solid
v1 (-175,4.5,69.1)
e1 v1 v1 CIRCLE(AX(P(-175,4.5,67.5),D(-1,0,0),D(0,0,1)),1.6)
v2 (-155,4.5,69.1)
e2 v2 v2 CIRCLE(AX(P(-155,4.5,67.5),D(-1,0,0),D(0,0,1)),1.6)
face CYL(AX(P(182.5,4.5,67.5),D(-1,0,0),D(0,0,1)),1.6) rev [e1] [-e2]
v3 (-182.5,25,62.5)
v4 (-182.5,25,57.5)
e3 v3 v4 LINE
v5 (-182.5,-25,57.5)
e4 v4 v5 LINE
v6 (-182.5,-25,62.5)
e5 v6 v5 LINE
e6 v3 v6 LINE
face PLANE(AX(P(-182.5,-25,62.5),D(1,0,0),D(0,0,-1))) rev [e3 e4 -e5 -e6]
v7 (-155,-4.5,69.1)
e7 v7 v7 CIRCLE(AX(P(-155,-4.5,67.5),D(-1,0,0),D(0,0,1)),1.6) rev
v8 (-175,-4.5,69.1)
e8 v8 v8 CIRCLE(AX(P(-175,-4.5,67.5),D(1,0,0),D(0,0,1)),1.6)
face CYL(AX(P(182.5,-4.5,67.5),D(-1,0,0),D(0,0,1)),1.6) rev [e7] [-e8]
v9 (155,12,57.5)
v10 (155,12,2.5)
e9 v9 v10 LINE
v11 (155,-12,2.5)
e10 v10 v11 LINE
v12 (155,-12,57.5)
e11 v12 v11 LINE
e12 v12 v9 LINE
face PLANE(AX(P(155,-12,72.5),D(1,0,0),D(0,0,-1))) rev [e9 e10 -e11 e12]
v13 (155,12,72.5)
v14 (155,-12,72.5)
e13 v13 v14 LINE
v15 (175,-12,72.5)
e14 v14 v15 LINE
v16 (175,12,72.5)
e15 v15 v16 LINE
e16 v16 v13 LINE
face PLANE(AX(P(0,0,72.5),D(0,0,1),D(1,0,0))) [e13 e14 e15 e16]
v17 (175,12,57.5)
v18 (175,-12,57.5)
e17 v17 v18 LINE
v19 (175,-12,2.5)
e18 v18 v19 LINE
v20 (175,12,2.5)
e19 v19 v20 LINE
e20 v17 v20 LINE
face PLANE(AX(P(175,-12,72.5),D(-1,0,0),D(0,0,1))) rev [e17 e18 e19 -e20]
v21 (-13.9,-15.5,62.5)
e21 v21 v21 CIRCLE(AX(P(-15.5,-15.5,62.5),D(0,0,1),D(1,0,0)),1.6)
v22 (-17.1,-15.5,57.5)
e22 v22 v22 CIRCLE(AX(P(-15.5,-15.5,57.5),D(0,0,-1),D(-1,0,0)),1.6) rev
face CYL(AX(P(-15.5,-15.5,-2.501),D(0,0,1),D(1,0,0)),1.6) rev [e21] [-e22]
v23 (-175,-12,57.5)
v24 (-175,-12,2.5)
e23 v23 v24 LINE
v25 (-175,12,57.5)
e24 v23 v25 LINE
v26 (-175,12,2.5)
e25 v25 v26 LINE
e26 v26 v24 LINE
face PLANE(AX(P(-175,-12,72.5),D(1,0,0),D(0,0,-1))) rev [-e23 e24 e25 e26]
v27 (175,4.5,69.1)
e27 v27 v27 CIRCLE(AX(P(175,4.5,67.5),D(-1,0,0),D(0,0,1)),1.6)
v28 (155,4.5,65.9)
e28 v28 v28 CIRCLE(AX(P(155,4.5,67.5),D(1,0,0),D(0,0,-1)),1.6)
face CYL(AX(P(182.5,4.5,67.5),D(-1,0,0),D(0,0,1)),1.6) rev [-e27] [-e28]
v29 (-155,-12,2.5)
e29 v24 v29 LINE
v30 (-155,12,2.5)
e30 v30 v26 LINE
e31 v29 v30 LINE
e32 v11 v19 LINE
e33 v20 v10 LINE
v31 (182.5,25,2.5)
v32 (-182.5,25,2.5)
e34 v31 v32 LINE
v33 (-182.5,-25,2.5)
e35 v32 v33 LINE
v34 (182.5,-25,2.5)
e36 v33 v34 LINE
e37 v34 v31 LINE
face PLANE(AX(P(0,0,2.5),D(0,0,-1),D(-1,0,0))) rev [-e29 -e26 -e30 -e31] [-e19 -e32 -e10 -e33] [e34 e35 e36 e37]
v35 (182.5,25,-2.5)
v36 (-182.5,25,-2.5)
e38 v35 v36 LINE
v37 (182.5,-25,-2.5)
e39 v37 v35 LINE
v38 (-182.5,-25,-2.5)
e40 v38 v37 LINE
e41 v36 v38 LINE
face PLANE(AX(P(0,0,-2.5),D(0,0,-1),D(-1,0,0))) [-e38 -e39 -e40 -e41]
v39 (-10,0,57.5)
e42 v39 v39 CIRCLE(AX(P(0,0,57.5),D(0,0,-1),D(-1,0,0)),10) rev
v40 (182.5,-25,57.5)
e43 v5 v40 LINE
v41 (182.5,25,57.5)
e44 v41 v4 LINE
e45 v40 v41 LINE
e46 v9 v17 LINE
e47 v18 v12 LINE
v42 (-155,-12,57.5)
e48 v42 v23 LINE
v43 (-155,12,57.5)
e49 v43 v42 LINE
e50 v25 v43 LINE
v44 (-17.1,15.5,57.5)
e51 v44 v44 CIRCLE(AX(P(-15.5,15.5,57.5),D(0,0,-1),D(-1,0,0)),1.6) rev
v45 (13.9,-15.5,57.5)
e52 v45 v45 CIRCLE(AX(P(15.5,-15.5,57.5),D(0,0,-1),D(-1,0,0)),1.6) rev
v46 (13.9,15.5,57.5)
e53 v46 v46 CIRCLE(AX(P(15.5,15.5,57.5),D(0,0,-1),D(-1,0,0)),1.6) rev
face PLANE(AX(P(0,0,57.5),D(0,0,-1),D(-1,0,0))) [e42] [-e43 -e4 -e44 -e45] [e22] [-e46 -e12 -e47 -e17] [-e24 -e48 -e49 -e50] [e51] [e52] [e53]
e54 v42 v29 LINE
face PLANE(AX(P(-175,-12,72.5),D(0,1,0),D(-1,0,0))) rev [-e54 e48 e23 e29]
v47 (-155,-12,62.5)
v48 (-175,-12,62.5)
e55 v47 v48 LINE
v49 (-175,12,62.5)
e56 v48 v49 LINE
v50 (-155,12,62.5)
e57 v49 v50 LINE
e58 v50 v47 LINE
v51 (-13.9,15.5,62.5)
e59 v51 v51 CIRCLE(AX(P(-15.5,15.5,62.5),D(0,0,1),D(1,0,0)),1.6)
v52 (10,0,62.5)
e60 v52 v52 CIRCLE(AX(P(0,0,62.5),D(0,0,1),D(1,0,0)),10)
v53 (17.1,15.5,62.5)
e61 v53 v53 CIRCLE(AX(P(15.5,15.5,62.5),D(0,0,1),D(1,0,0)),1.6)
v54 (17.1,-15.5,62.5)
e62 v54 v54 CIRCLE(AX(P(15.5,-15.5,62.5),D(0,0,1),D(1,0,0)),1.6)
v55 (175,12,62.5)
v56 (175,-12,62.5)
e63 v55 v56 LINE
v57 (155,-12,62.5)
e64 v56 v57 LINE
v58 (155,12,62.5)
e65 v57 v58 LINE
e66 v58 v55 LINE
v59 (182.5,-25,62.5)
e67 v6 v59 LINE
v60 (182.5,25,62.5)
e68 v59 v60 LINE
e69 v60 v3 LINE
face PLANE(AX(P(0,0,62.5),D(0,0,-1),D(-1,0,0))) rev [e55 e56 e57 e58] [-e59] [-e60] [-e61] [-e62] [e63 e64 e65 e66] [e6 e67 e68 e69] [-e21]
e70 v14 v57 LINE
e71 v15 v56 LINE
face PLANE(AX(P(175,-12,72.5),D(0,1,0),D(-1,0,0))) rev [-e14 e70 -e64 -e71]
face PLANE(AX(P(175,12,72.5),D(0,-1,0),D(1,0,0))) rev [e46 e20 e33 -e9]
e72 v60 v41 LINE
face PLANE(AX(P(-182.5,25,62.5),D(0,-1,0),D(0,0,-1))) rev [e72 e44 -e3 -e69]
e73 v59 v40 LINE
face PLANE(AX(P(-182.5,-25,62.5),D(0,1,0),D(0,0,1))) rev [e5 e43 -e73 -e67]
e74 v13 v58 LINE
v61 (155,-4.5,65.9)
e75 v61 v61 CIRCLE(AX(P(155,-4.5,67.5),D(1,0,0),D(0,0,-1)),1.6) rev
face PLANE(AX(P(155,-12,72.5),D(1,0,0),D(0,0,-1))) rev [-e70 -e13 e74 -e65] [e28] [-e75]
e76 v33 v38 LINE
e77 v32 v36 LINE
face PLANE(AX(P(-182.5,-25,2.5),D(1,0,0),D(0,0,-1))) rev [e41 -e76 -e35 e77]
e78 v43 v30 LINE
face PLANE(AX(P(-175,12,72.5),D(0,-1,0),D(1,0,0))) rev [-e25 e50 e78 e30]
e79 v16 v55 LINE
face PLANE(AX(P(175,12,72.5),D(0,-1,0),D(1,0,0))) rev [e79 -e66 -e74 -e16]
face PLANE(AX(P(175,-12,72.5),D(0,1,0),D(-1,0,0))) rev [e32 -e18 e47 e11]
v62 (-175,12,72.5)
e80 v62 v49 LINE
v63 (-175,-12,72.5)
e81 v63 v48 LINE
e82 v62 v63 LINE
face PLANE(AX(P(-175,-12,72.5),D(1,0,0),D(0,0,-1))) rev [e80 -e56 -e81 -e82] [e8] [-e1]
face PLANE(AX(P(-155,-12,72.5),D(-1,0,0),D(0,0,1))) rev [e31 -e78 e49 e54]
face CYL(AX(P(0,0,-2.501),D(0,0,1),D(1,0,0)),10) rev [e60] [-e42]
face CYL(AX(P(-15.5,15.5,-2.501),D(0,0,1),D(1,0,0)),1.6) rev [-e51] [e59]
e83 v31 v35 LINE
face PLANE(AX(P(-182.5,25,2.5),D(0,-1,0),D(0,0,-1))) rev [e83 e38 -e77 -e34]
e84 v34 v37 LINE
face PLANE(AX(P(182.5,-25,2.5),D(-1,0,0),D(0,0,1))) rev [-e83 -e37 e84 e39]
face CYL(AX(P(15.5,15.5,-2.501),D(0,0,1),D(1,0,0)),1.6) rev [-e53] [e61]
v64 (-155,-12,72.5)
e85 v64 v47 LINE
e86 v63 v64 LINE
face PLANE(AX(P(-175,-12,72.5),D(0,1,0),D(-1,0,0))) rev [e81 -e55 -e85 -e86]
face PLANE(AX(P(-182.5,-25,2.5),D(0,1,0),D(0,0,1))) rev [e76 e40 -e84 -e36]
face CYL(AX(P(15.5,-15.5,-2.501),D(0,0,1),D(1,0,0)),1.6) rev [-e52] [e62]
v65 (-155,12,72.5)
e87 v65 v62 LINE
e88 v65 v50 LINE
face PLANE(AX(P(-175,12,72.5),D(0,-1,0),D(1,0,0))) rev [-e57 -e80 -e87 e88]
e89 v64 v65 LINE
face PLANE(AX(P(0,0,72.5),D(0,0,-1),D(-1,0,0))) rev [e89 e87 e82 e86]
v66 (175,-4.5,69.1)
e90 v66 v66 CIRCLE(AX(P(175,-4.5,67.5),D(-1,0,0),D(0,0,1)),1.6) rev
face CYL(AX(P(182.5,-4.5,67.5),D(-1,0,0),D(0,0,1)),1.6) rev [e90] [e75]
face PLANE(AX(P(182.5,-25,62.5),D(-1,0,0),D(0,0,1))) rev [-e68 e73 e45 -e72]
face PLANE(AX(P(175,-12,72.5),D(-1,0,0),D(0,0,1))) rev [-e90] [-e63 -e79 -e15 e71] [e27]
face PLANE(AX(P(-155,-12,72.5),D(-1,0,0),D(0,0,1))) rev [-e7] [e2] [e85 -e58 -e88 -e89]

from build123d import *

# Parameters (mm, degrees)
SKETCH_1_W             = 365
SKETCH_1_H             = 50
EXTRUDE_1_DEPTH        = 2.5
SKETCH_2_W             = 20
SKETCH_2_H             = 24
EXTRUDE_2_DEPTH        = 70
PATTERN_LINEAR_1_COUNT = 2
PATTERN_LINEAR_1_PITCH = 60
SKETCH_4_R             = 1.6
CUT_EXTRUDE_1_DEPTH    = 366.633012733
CUT_EXTRUDE_2_REACH    = 197.336
SKETCH_5_R             = 1.6
SKETCH_5_R_2           = 10


with BuildPart() as part:
    # 草图1 → 凸台-拉伸1 (new, symmetric)
    with BuildSketch(Plane.XY):
        Rectangle(SKETCH_1_W, SKETCH_1_H)
    extrude_1 = extrude(amount=EXTRUDE_1_DEPTH, both=True)

    # 草图2 → 凸台-拉伸2 (add)
    with BuildSketch(Plane.XY.offset(2.5)):
        with Locations((165, 0)):
            Rectangle(SKETCH_2_W, SKETCH_2_H)
        with Locations((-165, 0)):
            Rectangle(SKETCH_2_W, SKETCH_2_H)
    extrude(amount=EXTRUDE_2_DEPTH)

    # 阵列(线性)1: 凸台-拉伸1 ×2
    with Locations(*[(0, 0, i * PATTERN_LINEAR_1_PITCH) for i in range(1, PATTERN_LINEAR_1_COUNT)]):
        add(extrude_1)

    # 草图4 → 切除-拉伸1 (cut, through all)
    with BuildSketch(Plane.ZY.offset(175)):
        with Locations((67.5, 4.5)):
            Circle(SKETCH_4_R)
    cut_extrude_1 = extrude(amount=-CUT_EXTRUDE_1_DEPTH, mode=Mode.SUBTRACT)

    # 草图5 → 切除-拉伸2 (cut, up to next)
    with BuildSketch(Plane.XY.offset(62.5), mode=Mode.PRIVATE) as cut_extrude_2_sk1:
        with Locations((-15.5, 15.5)):
            Circle(SKETCH_5_R)
    cut_extrude_2_tool1 = extrude(cut_extrude_2_sk1.sketch, amount=-CUT_EXTRUDE_2_REACH, mode=Mode.PRIVATE) & part.part
    # 草图5 → 切除-拉伸2 (cut, up to next)
    with BuildSketch(Plane.XY.offset(62.5), mode=Mode.PRIVATE) as cut_extrude_2_sk2:
        with Locations((15.5, 15.5)):
            Circle(SKETCH_5_R)
    cut_extrude_2_tool2 = extrude(cut_extrude_2_sk2.sketch, amount=-CUT_EXTRUDE_2_REACH, mode=Mode.PRIVATE) & part.part
    # 草图5 → 切除-拉伸2 (cut, up to next)
    with BuildSketch(Plane.XY.offset(62.5), mode=Mode.PRIVATE) as cut_extrude_2_sk3:
        with Locations((15.5, -15.5)):
            Circle(SKETCH_5_R)
    cut_extrude_2_tool3 = extrude(cut_extrude_2_sk3.sketch, amount=-CUT_EXTRUDE_2_REACH, mode=Mode.PRIVATE) & part.part
    # 草图5 → 切除-拉伸2 (cut, up to next)
    with BuildSketch(Plane.XY.offset(62.5), mode=Mode.PRIVATE) as cut_extrude_2_sk4:
        with Locations((-15.5, -15.5)):
            Circle(SKETCH_5_R)
    cut_extrude_2_tool4 = extrude(cut_extrude_2_sk4.sketch, amount=-CUT_EXTRUDE_2_REACH, mode=Mode.PRIVATE) & part.part
    # 草图5 → 切除-拉伸2 (cut, up to next)
    with BuildSketch(Plane.XY.offset(62.5), mode=Mode.PRIVATE) as cut_extrude_2_sk5:
        Circle(SKETCH_5_R_2)
    cut_extrude_2_tool5 = extrude(cut_extrude_2_sk5.sketch, amount=-CUT_EXTRUDE_2_REACH, mode=Mode.PRIVATE) & part.part
    add(cut_extrude_2_tool1.solids().sort_by_distance((-15.5, 15.5, 62.5))[0], mode=Mode.SUBTRACT)
    add(cut_extrude_2_tool2.solids().sort_by_distance((15.5, 15.5, 62.5))[0], mode=Mode.SUBTRACT)
    add(cut_extrude_2_tool3.solids().sort_by_distance((15.5, -15.5, 62.5))[0], mode=Mode.SUBTRACT)
    add(cut_extrude_2_tool4.solids().sort_by_distance((-15.5, -15.5, 62.5))[0], mode=Mode.SUBTRACT)
    add(cut_extrude_2_tool5.solids().sort_by_distance((0, 0, 62.5))[0], mode=Mode.SUBTRACT)

    # 镜向1: 切除-拉伸1 across plane
    add(cut_extrude_1.mirror(Plane.ZX), mode=Mode.SUBTRACT)


solid = part.part
